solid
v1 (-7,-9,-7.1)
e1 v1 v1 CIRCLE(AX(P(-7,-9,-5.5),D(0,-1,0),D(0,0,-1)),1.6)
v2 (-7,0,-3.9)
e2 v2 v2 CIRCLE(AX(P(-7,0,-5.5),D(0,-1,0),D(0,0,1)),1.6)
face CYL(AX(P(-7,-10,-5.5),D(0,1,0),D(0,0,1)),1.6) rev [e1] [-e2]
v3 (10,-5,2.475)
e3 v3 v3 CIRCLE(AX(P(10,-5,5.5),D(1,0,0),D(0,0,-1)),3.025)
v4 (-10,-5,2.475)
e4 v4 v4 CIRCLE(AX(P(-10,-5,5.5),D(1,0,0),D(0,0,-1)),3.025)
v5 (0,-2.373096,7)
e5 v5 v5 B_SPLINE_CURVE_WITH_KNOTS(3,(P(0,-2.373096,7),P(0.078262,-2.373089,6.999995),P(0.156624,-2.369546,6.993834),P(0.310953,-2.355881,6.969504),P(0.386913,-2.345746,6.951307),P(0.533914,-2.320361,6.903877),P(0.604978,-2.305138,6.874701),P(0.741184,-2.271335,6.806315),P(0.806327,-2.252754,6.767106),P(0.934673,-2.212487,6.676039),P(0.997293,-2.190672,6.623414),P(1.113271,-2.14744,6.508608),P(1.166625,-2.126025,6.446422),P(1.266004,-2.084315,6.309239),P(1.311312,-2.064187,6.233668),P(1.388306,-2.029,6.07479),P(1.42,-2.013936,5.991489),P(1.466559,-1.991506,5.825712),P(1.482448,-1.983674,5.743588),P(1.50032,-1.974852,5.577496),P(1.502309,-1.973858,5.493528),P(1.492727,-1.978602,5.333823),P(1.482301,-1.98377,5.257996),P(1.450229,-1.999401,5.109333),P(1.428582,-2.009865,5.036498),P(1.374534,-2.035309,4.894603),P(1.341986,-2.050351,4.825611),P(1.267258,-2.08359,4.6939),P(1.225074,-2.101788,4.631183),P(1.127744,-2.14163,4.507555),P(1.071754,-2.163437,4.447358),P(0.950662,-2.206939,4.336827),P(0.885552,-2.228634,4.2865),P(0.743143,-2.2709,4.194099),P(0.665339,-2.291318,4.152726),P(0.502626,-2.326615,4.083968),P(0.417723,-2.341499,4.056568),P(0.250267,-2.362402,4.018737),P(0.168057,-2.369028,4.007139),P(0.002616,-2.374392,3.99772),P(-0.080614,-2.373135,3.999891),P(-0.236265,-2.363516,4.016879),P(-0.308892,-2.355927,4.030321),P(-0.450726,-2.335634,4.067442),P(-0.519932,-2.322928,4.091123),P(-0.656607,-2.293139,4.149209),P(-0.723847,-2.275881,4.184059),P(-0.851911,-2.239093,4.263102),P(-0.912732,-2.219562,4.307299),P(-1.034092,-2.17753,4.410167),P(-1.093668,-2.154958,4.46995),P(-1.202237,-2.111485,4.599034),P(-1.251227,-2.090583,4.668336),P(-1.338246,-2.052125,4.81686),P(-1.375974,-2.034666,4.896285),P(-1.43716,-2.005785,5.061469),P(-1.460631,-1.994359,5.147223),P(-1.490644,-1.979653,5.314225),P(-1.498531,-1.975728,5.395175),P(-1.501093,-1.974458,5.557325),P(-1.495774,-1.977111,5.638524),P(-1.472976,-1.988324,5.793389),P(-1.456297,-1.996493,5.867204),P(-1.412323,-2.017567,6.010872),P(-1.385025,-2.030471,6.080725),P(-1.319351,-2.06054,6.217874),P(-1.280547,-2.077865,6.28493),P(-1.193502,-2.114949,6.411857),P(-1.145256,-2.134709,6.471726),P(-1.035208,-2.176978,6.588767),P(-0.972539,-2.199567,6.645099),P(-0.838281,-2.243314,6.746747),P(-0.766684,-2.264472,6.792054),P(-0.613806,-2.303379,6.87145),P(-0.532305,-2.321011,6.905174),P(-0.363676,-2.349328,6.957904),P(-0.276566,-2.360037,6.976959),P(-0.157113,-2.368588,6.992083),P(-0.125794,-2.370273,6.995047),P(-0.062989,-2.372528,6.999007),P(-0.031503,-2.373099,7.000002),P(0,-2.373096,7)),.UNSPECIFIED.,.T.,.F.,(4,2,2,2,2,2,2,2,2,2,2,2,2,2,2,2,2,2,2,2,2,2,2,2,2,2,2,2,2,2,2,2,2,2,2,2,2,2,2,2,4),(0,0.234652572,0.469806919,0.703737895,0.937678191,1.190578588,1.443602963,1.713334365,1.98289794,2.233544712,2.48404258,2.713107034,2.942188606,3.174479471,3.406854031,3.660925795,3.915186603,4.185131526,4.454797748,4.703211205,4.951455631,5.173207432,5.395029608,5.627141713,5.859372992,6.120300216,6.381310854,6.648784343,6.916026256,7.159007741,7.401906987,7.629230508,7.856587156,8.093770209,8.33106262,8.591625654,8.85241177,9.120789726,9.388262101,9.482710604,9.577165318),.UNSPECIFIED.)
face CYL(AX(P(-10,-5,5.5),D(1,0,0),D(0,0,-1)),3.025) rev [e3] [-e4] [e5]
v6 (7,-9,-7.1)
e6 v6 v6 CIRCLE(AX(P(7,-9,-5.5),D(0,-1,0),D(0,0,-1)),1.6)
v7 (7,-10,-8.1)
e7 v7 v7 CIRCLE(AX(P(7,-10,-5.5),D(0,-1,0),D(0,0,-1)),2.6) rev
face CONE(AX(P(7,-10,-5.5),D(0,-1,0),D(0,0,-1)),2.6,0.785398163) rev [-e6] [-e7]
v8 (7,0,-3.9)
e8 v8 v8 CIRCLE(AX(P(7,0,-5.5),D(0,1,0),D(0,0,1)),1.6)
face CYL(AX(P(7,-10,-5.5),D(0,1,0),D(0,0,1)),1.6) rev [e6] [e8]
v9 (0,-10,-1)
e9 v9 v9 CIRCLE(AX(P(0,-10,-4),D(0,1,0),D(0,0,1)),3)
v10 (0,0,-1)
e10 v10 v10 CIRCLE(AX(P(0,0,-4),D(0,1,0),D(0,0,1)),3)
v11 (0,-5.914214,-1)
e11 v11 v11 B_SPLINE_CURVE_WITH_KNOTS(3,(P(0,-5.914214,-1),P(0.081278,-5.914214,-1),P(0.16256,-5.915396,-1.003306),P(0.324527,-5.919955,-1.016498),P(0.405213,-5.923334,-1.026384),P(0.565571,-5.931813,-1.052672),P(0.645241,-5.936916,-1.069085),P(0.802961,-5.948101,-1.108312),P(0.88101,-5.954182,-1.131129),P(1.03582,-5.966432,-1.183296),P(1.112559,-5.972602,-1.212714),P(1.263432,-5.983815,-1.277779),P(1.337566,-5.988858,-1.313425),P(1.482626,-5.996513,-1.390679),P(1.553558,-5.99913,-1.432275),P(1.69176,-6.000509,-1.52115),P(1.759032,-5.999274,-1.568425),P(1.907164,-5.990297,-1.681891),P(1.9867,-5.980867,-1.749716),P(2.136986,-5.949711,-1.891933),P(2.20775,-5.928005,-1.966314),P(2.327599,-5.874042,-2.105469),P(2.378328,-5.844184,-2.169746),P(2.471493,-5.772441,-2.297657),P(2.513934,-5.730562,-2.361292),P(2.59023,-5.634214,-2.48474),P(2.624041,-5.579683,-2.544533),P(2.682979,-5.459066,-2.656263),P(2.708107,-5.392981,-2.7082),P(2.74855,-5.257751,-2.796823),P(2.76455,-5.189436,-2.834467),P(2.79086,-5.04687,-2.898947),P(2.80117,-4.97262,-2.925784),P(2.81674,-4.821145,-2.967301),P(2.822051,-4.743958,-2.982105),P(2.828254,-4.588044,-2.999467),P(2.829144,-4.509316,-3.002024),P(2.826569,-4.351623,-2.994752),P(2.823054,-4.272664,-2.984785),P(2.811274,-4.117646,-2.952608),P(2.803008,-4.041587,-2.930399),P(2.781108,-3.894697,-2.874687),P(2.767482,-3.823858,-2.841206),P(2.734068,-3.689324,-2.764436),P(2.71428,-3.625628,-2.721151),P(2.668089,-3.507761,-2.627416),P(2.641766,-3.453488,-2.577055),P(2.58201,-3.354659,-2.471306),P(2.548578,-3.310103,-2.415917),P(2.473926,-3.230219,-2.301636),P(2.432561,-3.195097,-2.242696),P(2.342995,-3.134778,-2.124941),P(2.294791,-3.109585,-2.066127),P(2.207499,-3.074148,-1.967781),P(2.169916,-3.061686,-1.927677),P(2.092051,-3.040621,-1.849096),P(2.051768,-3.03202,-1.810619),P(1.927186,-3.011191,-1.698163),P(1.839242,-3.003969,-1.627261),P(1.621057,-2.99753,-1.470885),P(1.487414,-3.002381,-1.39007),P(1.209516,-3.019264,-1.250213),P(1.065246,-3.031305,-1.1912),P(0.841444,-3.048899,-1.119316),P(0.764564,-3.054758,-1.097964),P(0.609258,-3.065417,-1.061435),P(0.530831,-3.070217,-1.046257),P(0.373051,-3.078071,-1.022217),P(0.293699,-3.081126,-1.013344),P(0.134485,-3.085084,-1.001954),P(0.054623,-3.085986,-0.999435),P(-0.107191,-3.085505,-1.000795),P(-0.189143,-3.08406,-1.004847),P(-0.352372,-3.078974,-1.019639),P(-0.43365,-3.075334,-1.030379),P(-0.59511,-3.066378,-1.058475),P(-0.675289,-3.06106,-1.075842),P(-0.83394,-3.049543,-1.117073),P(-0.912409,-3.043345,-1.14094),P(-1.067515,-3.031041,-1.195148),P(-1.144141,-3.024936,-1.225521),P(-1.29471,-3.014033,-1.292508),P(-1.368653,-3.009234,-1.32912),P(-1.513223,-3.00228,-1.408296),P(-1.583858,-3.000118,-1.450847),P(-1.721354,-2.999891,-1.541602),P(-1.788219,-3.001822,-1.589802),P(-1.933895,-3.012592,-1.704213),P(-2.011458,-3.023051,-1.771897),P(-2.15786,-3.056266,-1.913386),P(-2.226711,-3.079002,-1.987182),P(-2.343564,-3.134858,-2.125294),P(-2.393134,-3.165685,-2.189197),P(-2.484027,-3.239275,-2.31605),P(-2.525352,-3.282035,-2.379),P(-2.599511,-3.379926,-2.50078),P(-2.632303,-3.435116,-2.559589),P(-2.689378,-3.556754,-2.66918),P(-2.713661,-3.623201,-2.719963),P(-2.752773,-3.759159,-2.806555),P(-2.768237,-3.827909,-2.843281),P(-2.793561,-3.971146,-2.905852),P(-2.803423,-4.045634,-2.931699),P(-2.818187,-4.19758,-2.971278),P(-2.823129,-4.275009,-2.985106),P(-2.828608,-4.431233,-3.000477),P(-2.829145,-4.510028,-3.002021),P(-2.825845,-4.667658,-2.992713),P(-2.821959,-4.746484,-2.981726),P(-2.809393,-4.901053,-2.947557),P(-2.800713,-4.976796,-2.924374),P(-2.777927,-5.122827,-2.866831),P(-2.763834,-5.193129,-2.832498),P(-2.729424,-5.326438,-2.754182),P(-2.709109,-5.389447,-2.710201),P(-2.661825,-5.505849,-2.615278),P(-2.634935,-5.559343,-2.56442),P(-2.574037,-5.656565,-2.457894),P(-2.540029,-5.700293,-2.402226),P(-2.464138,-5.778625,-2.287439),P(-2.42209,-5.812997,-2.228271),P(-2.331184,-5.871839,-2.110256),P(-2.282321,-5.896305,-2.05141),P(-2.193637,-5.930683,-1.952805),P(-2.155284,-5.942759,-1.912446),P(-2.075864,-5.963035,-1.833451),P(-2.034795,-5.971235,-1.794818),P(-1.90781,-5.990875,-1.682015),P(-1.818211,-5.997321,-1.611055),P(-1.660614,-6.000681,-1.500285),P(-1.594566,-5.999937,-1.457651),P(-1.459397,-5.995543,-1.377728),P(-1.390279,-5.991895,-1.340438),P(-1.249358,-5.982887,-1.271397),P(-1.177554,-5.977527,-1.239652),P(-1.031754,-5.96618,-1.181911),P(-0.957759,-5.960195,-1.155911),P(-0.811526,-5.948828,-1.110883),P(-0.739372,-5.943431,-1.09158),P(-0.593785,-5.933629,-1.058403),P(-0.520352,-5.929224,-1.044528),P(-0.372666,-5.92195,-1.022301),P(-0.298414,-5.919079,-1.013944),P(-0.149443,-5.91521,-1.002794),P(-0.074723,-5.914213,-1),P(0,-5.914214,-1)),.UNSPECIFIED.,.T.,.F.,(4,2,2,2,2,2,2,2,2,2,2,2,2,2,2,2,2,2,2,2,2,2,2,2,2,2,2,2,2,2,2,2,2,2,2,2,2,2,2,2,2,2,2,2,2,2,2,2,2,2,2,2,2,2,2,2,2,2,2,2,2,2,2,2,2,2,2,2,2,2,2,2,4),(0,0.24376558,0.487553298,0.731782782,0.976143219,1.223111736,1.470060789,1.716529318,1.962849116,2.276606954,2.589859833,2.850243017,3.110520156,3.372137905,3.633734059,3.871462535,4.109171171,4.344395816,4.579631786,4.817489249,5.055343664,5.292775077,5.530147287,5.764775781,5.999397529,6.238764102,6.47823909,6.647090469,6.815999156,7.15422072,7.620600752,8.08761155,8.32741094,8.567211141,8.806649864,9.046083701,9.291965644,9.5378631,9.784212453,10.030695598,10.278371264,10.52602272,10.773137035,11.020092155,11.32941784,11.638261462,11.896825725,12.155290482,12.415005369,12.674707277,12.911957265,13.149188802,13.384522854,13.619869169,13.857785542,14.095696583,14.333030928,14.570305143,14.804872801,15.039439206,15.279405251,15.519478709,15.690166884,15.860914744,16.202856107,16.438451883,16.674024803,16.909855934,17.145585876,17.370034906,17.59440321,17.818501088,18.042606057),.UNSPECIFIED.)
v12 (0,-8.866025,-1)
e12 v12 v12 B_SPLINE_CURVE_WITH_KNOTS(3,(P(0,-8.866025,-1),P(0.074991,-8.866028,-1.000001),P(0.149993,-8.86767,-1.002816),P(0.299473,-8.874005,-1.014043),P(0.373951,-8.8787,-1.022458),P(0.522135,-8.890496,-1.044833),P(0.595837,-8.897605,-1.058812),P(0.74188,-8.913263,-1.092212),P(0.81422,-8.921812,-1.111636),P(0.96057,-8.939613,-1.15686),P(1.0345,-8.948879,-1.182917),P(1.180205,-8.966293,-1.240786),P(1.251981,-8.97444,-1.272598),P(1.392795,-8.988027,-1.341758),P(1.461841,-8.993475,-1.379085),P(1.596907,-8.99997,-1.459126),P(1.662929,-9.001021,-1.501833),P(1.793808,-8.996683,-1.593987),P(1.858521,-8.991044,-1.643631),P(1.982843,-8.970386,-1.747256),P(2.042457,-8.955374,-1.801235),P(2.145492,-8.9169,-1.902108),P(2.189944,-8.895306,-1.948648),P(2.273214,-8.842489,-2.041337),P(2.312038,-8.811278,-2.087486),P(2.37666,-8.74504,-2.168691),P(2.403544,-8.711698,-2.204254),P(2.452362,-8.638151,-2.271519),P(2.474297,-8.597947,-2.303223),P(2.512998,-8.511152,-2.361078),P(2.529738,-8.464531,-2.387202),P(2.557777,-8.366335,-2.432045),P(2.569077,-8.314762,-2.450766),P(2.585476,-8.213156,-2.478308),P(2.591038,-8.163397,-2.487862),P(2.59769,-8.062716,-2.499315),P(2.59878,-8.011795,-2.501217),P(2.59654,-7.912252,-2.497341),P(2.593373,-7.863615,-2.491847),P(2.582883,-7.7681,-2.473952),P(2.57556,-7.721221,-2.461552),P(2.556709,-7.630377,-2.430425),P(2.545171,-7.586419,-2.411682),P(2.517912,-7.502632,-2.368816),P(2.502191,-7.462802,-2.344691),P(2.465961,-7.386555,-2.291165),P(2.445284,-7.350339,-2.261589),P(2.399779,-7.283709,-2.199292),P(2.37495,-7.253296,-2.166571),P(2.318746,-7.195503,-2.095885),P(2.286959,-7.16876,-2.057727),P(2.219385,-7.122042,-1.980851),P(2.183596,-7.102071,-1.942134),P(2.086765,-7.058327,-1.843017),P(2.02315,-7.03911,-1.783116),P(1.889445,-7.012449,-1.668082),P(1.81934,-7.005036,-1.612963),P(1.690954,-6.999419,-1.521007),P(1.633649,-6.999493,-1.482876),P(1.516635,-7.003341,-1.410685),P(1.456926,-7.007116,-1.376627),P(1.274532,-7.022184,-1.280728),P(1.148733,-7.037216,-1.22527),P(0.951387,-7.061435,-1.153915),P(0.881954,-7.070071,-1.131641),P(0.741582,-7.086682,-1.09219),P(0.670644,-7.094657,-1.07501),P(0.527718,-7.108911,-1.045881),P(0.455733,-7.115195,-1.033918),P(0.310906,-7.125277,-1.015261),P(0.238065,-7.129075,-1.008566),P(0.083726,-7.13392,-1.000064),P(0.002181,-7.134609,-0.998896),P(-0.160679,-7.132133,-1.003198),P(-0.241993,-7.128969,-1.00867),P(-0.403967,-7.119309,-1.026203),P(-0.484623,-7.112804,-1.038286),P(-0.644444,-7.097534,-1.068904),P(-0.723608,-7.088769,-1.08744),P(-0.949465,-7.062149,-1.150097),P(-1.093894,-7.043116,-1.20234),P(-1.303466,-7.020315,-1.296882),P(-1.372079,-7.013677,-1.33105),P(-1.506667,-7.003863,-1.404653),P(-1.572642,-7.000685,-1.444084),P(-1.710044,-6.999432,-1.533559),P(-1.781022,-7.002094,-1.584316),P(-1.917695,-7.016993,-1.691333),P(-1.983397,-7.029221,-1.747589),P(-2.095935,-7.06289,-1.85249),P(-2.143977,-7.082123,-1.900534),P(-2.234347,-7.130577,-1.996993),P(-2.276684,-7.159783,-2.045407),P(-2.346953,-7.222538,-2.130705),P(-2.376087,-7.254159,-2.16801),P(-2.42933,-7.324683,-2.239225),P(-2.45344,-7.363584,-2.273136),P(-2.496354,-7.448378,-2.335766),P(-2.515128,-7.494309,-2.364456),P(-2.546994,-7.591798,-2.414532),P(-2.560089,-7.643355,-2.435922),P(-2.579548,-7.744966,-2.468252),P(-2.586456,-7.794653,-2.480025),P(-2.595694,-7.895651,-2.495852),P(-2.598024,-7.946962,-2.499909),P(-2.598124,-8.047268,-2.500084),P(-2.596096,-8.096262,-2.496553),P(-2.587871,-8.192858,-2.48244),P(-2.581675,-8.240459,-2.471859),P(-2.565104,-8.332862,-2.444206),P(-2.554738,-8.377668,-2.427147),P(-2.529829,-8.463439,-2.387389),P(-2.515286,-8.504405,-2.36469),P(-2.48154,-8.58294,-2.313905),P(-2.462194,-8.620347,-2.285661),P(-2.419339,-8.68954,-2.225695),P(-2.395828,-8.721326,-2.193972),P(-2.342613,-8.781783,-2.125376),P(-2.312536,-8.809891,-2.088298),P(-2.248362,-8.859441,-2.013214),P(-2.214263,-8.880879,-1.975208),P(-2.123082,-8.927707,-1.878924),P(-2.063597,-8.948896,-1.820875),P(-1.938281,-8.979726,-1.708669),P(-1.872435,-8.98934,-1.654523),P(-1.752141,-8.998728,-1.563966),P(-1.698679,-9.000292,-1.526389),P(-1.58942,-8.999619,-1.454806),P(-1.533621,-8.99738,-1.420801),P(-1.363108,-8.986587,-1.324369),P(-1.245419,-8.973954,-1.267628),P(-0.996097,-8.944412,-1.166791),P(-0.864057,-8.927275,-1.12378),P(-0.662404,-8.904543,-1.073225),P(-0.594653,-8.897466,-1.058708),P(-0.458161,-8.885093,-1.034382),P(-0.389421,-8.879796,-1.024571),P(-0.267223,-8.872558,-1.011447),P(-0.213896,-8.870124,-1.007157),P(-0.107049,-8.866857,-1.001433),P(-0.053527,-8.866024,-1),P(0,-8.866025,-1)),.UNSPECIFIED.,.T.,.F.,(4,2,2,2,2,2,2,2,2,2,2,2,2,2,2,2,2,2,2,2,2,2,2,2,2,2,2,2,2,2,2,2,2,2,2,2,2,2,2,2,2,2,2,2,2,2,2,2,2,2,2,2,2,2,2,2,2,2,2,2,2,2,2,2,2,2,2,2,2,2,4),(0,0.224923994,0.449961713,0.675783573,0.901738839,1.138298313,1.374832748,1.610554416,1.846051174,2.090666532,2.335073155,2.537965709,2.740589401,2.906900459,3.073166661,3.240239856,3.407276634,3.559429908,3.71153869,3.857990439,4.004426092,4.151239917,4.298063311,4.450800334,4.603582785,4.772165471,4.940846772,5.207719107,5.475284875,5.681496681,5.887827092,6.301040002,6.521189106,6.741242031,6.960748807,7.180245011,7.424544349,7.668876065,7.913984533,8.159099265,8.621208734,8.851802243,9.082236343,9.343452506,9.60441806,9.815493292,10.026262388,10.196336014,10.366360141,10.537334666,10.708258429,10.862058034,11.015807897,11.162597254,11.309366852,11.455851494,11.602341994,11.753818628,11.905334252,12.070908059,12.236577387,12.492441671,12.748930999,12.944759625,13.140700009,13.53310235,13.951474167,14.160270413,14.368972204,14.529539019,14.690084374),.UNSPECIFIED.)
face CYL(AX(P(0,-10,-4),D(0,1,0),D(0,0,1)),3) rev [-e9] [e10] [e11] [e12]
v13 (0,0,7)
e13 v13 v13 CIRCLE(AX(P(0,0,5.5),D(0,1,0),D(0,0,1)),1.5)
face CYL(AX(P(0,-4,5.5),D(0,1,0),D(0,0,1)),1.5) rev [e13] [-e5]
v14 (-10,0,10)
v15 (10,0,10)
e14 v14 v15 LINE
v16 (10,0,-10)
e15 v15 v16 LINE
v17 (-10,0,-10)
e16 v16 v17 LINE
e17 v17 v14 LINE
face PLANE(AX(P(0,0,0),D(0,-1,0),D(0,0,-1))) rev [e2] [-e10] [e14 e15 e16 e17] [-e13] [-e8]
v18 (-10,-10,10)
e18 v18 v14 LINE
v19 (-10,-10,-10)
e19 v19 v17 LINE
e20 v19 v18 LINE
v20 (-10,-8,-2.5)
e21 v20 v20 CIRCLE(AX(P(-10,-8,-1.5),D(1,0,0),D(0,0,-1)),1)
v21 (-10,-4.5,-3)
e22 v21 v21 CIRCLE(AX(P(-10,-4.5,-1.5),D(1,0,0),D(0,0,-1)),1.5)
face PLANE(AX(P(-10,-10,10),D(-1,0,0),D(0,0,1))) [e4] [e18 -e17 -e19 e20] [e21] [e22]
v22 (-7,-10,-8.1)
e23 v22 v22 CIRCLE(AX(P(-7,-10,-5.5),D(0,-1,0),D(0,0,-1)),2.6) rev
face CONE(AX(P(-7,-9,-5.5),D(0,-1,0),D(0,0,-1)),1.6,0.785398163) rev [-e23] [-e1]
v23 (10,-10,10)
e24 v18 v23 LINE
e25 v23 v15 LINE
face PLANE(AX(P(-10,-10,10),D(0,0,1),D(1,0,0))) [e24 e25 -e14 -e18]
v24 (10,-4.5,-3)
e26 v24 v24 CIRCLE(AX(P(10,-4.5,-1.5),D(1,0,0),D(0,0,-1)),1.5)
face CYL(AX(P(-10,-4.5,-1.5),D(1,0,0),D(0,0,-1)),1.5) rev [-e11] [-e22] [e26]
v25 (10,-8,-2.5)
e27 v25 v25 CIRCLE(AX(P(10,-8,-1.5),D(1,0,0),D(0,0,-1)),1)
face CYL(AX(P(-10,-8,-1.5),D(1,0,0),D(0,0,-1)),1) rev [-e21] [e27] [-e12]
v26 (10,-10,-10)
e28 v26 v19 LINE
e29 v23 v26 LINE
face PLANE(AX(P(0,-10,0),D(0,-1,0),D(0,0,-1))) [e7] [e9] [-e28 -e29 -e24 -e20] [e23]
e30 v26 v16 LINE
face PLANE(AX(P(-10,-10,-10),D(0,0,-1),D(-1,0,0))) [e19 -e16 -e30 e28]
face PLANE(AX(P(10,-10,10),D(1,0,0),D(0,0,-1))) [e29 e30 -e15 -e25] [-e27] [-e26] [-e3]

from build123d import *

# Parameters (mm, degrees)
SKETCH1_W           = 20
SKETCH1_H           = 20
BOSS_EXTRUDE1_DEPTH = 10
SKETCH2_R           = 3
CUT_EXTRUDE1_DEPTH  = 11
SKETCH3_R           = 1.6
CUT_EXTRUDE2_DEPTH  = 11
CHAMFER1_SIZE       = 1
CHAMFER2_SIZE       = 1
SKETCH5_R           = 3.025
SKETCH5_R_2         = 1
SKETCH5_R_3         = 1.5
CUT_EXTRUDE3_DEPTH  = 21
SKETCH2_3_R         = 1.5
CUT_EXTRUDE4_DEPTH  = 4


with BuildPart() as part:
    # Sketch1 → Boss-Extrude1 (new body)
    with BuildSketch(Plane(origin=(0, 0, 0), x_dir=(1, 0, 0), z_dir=(0, 1, 0))):
        Rectangle(SKETCH1_W, SKETCH1_H)
    extrude(amount=-BOSS_EXTRUDE1_DEPTH)

    # Sketch2 → Cut-Extrude1 (cut, through all)
    with BuildSketch(Plane(origin=(0, 0, 0), x_dir=(1, 0, 0), z_dir=(0, 1, 0))):
        with Locations((0, 4)):
            Circle(SKETCH2_R)
    extrude(amount=-CUT_EXTRUDE1_DEPTH, mode=Mode.SUBTRACT)

    # Sketch3 → Cut-Extrude2 (cut, through all)
    with BuildSketch(Plane(origin=(0, 0, 0), x_dir=(1, 0, 0), z_dir=(0, 1, 0))):
        with Locations((7, 5.5)):
            Circle(SKETCH3_R)
    cut_extrude2 = extrude(amount=-CUT_EXTRUDE2_DEPTH, mode=Mode.SUBTRACT)

    # Mirror1: Cut-Extrude2 across plane
    add(cut_extrude2.mirror(Plane(origin=(0, 0, 0), x_dir=(0, 0, 1), z_dir=(1, 0, 0))), mode=Mode.SUBTRACT)

    # Chamfer1
    chamfer1_edges = [part.edges().sort_by_distance(p)[0] for p in [
        (5.4, -10, -5.5),
    ]]
    chamfer(chamfer1_edges, length=CHAMFER1_SIZE)

    # Chamfer2
    chamfer2_edges = [part.edges().sort_by_distance(p)[0] for p in [
        (-5.4, -10, -5.5),
    ]]
    chamfer(chamfer2_edges, length=CHAMFER2_SIZE)

    # Sketch5 → Cut-Extrude3 (cut, through all)
    with BuildSketch(Plane(origin=(10, 0, 0), x_dir=(0, 0, -1), z_dir=(1, 0, 0))):
        with Locations((-5.5, -5)):
            Circle(SKETCH5_R)
        with Locations((1.5, -8)):
            Circle(SKETCH5_R_2)
        with Locations((1.5, -4.5)):
            Circle(SKETCH5_R_3)
    extrude(amount=-CUT_EXTRUDE3_DEPTH, mode=Mode.SUBTRACT)

    # Sketch2<3> → Cut-Extrude4 (cut)
    with BuildSketch(Plane(origin=(0, 0, 0), x_dir=(1, 0, 0), z_dir=(0, 1, 0))):
        with Locations((0, -5.5)):
            Circle(SKETCH2_3_R)
    extrude(amount=-CUT_EXTRUDE4_DEPTH, mode=Mode.SUBTRACT)


solid = part.part
